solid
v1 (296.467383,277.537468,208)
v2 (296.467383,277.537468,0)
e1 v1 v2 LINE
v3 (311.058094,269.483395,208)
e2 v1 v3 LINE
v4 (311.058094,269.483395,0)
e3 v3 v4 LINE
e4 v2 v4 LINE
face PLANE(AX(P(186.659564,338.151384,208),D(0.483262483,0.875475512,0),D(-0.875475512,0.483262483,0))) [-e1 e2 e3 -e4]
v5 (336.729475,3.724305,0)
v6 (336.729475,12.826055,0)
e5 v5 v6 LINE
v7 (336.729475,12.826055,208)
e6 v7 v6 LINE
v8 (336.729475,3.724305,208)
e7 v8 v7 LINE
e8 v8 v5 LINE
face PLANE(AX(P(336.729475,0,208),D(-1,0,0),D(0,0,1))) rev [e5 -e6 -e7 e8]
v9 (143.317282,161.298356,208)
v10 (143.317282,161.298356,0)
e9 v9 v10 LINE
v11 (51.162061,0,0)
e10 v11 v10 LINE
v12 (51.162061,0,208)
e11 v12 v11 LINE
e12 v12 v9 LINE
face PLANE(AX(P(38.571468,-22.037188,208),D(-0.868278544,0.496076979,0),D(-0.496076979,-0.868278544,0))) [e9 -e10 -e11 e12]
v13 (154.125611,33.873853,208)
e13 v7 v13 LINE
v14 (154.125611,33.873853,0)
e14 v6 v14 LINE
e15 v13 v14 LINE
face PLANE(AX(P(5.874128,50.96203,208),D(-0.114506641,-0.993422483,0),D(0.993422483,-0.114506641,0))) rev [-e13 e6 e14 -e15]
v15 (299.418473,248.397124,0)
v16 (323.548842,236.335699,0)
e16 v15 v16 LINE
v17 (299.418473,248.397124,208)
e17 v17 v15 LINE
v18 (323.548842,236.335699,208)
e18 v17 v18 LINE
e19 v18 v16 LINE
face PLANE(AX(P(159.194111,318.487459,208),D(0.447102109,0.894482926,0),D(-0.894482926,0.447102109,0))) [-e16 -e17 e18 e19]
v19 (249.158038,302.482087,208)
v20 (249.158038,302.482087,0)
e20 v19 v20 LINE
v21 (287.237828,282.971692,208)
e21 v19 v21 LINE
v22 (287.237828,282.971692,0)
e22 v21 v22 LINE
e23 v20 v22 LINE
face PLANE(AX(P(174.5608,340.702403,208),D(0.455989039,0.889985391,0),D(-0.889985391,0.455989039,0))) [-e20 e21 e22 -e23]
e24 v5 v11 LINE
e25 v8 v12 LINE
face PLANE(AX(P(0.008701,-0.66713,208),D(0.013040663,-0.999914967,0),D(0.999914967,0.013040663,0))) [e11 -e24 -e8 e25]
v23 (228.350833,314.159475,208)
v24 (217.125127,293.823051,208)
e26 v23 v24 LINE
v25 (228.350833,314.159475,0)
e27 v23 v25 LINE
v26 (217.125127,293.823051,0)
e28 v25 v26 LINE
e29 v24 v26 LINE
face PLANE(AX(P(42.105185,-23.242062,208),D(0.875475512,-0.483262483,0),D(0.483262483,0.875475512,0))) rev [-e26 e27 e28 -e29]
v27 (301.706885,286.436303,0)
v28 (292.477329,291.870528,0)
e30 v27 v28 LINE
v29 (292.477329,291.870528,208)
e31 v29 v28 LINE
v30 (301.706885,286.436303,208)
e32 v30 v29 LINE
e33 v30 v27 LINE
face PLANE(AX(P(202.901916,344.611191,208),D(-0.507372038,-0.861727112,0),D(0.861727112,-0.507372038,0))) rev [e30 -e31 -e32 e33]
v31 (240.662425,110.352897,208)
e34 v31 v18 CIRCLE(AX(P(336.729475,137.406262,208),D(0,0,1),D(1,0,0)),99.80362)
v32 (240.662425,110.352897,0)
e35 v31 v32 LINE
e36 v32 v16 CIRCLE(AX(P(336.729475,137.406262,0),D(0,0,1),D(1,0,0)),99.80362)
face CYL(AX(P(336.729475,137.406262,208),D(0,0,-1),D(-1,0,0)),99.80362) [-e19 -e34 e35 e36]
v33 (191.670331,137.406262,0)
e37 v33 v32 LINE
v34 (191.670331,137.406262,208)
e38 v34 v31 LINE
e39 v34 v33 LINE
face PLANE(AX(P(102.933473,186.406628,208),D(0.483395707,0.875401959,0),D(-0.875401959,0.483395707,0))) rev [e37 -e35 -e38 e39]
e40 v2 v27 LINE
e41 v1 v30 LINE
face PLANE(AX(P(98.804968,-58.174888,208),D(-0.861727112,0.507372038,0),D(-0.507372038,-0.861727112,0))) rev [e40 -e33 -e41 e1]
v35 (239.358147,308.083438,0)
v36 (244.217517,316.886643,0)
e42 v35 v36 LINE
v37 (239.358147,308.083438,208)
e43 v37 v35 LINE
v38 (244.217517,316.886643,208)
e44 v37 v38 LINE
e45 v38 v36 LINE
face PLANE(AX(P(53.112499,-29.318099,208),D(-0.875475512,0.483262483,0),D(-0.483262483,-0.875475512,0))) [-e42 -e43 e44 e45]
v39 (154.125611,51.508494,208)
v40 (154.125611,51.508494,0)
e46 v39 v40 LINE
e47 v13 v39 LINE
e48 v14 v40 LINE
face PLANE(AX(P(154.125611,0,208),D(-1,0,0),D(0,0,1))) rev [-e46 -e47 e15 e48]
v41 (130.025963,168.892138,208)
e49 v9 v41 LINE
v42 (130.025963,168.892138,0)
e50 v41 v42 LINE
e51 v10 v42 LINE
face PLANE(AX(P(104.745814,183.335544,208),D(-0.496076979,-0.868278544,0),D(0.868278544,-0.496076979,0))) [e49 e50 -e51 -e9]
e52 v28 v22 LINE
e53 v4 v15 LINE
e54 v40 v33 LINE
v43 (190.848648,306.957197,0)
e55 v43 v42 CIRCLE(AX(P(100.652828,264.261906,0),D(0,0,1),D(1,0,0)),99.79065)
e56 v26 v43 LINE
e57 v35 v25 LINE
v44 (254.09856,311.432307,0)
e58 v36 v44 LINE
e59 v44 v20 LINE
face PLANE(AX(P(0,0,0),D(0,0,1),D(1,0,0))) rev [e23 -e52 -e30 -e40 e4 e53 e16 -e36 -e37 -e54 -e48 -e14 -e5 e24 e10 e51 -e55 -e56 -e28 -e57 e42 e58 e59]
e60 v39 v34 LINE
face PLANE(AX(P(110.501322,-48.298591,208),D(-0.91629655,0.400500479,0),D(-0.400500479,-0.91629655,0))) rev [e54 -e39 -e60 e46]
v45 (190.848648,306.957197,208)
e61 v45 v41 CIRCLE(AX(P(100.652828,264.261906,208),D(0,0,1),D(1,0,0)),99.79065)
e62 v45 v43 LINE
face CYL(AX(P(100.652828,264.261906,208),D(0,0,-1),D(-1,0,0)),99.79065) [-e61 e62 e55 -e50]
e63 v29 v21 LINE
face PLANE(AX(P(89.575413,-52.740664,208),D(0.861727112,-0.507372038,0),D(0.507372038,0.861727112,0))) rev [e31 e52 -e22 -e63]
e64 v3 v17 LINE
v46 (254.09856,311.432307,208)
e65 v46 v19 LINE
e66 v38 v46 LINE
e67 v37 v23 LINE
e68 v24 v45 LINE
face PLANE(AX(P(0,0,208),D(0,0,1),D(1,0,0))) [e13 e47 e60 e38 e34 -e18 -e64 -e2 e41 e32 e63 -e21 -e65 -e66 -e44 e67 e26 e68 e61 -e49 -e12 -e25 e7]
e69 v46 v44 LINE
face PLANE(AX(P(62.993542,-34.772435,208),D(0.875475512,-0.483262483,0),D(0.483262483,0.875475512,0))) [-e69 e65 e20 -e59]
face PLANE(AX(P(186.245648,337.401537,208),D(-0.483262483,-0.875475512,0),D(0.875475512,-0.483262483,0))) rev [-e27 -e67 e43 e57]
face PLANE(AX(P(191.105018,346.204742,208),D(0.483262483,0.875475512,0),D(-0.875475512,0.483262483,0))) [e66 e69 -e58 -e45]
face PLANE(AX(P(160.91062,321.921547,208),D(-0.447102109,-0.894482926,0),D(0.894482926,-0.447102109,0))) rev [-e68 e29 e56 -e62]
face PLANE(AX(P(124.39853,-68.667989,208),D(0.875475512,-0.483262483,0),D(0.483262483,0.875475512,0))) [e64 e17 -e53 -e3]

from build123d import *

# Parameters (mm, degrees)
SKETCH_1_R      = 99.790649717
SKETCH_1_R_2    = 99.803620069
EXTRUDE_1_DEPTH = 208


with BuildPart() as part:
    # 草图1 → 凸台-拉伸1 (new body)
    with BuildSketch(Plane.XY):
        with Locations((100.652828051, 264.261906095)):
            Circle(SKETCH_1_R)
        with BuildLine():
            Line((51.162061057, 0), (336.729475208, 3.724305137))
            Line((336.729475208, 3.724305137), (336.729475208, 12.826055388))
            Line((336.729475208, 12.826055388), (154.125610781, 33.873852846))
            Line((154.125610781, 33.873852846), (154.125610781, 51.508493959))
            Line((154.125610781, 51.508493959), (191.67033057, 137.40626196))
            Line((191.67033057, 137.40626196), (240.662425477, 110.352897381))
            ThreePointArc((240.662425477, 110.352897381), (253.352736169, 192.261361688), (323.548842254, 236.335698903))
            Line((323.548842254, 236.335698903), (299.418472532, 248.397124418))
            Line((299.418472532, 248.397124418), (311.058094029, 269.483395245))
            Line((311.058094029, 269.483395245), (296.467383181, 277.537467633))
            Line((296.467383181, 277.537467633), (301.706884634, 286.436303433))
            Line((301.706884634, 286.436303433), (292.477329355, 291.87052757))
            Line((292.477329355, 291.87052757), (287.237827902, 282.971691769))
            Line((287.237827902, 282.971691769), (249.158038274, 302.482086968))
            Line((249.158038274, 302.482086968), (254.098559787, 311.432307098))
            Line((254.098559787, 311.432307098), (244.217516762, 316.886642848))
            Line((244.217516762, 316.886642848), (239.358147451, 308.083437573))
            Line((239.358147451, 308.083437573), (228.350833321, 314.159474973))
            Line((228.350833321, 314.159474973), (217.125127284, 293.823050994))
            Line((217.125127284, 293.823050994), (190.848647814, 306.957197033))
            ThreePointArc((190.848647814, 306.957197033), (198.015226406, 286.14196911), (200.443477768, 264.261906095))
            ThreePointArc((200.443477768, 264.261906095), (180.931523877, 204.987082034), (130.025963153, 168.892137797))
            Line((130.025963153, 168.892137797), (143.317282357, 161.298356371))
            Line((143.317282357, 161.298356371), (51.162061057, 0))
        make_face()
        with Locations((336.729475208, 137.40626196)):
            Circle(SKETCH_1_R_2)
    extrude(amount=EXTRUDE_1_DEPTH)


solid = part.part
